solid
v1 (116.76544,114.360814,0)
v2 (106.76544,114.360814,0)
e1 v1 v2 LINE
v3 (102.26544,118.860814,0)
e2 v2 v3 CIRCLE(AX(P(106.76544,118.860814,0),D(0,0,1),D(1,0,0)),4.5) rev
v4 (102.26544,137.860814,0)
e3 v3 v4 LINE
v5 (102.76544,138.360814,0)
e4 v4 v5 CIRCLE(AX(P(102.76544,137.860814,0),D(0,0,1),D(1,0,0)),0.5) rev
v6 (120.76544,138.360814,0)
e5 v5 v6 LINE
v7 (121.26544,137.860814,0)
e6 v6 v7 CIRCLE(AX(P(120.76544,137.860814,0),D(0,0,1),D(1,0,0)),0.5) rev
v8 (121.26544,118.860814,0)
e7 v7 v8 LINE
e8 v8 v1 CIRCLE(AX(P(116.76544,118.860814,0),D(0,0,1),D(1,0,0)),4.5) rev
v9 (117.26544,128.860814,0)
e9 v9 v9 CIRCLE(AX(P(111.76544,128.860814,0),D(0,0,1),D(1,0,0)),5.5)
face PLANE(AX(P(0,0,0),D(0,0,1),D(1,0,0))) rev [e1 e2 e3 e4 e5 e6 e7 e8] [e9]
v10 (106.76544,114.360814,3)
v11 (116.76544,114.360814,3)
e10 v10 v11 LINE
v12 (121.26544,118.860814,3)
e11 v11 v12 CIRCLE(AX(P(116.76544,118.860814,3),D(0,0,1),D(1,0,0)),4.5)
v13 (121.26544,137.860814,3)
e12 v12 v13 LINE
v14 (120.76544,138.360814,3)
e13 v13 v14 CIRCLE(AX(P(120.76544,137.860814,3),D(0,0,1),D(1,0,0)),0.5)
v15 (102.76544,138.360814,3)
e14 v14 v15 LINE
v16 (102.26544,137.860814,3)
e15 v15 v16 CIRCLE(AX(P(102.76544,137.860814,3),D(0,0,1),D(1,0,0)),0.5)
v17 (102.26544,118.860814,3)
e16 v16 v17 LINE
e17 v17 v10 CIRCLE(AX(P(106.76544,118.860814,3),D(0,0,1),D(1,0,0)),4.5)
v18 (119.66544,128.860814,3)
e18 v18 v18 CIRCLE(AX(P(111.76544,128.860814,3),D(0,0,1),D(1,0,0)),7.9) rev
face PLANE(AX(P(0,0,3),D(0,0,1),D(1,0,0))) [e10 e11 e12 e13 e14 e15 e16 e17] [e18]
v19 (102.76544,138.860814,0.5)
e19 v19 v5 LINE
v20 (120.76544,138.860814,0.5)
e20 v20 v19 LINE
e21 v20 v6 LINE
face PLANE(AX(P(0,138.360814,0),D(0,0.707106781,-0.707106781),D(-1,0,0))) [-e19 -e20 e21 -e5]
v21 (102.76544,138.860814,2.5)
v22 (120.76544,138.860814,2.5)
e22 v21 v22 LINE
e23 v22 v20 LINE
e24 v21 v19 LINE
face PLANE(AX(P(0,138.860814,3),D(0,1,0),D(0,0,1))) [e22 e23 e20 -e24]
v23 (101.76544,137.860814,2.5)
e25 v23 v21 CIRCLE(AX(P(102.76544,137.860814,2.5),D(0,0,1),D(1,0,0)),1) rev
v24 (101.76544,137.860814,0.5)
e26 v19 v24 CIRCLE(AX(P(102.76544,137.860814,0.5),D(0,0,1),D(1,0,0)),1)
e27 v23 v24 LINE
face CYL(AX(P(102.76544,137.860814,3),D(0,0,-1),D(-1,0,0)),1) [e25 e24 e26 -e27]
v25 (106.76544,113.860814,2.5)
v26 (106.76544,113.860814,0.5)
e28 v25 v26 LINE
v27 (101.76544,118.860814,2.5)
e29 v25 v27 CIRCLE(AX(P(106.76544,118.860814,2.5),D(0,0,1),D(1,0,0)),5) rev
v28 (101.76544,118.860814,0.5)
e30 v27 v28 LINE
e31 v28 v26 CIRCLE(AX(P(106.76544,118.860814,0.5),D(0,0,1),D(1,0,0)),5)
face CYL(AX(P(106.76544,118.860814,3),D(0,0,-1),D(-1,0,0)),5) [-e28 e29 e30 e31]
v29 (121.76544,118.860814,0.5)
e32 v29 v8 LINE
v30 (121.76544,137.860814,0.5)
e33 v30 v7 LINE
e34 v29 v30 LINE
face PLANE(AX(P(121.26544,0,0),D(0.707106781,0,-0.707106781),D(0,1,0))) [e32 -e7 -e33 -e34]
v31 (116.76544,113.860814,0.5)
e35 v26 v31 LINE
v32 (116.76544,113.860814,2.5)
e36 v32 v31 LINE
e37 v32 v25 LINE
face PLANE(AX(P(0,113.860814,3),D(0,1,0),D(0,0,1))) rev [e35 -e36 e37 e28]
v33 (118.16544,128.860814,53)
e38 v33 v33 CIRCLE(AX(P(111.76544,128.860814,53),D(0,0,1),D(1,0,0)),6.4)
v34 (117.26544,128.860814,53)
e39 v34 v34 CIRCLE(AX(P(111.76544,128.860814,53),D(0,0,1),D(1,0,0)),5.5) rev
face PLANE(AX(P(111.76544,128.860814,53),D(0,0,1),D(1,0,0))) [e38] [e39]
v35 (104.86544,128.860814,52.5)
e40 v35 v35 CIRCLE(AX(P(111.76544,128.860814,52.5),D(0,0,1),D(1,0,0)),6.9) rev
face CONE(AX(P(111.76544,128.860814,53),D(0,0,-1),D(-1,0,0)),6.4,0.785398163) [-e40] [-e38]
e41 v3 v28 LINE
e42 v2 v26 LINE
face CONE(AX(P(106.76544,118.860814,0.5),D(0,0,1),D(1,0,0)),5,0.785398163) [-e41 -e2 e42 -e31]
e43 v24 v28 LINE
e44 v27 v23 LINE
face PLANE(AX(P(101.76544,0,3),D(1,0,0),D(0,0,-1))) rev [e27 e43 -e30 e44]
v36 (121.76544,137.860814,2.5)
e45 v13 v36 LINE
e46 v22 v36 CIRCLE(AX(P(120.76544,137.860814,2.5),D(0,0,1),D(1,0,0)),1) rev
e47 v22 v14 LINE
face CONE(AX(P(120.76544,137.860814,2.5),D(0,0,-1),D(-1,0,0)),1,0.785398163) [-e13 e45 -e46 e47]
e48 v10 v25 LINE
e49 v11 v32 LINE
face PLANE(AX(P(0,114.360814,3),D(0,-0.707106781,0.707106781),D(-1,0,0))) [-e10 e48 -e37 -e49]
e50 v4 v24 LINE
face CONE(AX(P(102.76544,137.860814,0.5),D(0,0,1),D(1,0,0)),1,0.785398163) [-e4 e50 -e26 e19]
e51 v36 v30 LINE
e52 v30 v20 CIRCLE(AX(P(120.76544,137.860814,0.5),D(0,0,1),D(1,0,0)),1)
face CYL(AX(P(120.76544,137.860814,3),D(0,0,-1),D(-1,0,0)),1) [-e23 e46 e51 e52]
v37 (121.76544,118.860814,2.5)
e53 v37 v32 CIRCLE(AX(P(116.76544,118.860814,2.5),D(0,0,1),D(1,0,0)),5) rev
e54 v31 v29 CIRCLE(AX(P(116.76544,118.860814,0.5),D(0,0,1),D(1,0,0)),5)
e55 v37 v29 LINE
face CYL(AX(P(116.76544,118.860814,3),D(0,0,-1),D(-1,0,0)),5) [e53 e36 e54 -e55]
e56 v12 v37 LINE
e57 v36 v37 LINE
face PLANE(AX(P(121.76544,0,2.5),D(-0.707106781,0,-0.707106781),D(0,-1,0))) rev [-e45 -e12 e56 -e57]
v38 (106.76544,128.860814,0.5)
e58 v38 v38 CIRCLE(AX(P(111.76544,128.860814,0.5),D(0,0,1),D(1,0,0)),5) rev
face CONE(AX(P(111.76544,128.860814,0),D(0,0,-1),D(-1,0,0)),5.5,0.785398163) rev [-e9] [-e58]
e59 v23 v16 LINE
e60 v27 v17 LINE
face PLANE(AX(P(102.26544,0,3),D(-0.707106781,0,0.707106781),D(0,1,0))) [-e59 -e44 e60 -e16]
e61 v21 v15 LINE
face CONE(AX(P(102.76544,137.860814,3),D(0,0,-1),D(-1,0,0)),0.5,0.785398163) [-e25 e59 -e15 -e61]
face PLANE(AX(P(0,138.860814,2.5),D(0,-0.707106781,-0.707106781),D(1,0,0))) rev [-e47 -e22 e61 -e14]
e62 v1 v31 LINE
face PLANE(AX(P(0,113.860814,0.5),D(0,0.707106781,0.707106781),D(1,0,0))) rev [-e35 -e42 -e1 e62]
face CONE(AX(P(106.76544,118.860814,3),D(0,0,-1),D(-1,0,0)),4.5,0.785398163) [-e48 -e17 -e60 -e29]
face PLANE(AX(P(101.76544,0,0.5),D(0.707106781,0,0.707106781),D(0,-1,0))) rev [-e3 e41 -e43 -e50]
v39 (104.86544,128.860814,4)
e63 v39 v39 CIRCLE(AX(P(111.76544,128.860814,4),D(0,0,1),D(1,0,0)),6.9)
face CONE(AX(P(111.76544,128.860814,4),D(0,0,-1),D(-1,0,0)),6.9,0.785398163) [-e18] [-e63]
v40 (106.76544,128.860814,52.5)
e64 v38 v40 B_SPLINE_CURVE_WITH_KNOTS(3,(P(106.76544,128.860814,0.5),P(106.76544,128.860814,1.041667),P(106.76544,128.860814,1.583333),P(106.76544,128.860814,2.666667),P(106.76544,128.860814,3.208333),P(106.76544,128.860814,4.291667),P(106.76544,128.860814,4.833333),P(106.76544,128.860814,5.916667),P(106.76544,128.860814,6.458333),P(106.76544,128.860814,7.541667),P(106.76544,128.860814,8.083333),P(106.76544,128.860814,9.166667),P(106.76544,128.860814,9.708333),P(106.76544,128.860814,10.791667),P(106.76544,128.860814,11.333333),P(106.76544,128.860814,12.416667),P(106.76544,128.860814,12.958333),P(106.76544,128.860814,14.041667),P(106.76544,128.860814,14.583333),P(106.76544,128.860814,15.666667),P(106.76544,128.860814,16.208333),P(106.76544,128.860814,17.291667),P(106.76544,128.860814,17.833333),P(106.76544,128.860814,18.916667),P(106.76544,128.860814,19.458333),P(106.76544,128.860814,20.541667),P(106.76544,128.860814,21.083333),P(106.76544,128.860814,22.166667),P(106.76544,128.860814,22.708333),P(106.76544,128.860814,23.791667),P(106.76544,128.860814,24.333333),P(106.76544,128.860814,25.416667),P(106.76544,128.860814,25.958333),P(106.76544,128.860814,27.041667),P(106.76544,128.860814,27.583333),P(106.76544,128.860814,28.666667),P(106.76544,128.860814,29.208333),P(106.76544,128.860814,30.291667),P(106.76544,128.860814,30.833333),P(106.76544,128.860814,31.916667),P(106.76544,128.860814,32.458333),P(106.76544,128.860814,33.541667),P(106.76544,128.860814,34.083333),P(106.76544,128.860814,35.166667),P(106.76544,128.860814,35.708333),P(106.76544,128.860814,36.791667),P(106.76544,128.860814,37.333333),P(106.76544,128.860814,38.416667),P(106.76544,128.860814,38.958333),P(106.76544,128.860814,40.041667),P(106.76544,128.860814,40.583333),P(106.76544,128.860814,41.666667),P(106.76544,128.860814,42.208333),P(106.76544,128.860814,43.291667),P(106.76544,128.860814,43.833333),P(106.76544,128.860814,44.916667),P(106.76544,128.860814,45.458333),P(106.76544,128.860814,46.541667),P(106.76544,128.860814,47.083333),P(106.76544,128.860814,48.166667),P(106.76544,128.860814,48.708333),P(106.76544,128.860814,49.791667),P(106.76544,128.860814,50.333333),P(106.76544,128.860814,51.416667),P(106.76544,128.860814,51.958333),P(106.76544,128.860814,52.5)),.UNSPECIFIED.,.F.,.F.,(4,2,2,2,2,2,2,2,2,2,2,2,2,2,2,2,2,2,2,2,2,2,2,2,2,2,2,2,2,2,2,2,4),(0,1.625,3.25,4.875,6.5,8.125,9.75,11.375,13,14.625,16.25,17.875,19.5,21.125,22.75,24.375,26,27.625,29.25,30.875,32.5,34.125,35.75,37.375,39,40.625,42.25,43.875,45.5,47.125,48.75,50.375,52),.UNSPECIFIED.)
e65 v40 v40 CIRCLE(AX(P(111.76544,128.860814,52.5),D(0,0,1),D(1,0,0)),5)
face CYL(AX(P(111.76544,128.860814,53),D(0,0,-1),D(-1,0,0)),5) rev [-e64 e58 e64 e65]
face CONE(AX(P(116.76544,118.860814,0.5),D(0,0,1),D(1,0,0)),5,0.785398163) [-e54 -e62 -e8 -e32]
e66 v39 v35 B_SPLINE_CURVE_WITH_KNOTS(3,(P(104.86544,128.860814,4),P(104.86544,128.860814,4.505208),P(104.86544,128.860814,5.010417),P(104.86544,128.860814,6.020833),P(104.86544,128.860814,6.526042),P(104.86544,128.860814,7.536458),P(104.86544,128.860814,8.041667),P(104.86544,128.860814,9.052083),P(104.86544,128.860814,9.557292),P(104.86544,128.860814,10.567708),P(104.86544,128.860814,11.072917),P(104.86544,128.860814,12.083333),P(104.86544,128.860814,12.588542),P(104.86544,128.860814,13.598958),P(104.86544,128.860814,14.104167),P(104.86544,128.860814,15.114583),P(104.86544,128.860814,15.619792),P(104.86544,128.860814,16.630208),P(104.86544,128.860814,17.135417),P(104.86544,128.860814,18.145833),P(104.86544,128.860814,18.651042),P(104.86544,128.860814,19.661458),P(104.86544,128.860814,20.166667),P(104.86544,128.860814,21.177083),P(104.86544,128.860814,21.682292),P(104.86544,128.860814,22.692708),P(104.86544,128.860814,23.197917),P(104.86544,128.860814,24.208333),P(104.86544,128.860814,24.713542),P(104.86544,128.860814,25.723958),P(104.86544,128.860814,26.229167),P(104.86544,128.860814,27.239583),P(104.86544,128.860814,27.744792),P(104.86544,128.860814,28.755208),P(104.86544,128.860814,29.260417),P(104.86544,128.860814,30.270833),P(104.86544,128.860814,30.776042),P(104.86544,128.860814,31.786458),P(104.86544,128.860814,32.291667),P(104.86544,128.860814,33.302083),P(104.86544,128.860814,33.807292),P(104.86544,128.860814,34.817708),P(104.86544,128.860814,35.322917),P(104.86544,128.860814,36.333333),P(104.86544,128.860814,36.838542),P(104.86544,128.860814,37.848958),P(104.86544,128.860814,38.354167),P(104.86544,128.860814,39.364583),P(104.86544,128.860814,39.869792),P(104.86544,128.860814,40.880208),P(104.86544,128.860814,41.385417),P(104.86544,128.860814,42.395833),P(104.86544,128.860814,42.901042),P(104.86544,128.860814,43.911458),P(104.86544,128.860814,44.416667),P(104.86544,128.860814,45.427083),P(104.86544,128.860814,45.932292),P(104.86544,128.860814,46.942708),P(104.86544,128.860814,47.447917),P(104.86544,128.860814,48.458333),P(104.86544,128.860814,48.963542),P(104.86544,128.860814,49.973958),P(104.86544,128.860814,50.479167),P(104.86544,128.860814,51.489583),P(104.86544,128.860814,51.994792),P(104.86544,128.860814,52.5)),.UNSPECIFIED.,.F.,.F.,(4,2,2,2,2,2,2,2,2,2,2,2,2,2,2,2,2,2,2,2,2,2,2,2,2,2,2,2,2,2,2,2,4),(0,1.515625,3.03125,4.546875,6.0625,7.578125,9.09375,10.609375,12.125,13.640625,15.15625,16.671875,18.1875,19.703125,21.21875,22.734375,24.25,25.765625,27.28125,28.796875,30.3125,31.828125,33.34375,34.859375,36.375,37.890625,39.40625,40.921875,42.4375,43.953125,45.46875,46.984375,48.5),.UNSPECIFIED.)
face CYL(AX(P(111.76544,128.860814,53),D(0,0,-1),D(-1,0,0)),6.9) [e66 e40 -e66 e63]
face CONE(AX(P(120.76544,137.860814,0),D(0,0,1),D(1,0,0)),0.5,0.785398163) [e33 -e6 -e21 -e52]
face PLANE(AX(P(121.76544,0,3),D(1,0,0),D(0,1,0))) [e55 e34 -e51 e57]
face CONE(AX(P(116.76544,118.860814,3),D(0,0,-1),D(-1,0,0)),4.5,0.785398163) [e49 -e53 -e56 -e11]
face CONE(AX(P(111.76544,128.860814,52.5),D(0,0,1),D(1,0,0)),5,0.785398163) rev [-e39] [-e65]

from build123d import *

# Parameters (mm, degrees)
SKETCH2_R           = 6.9
BOSS_EXTRUDE1_DEPTH = 3
SKETCH3_R           = 6.9
SKETCH3_R_2         = 5
BOSS_EXTRUDE2_DEPTH = 53
CHAMFER1_SIZE       = 0.5
CHAMFER2_SIZE       = 1


with BuildPart() as part:
    # Sketch2 → Boss-Extrude1 (new body)
    with BuildSketch(Plane.XY):
        with BuildLine():
            Line((102.765440341, 138.860814374), (120.765440341, 138.860814374))
            ThreePointArc((120.765440341, 138.860814374), (121.472547122, 138.567921155), (121.765440341, 137.860814374))
            Line((121.765440341, 137.860814374), (121.765440341, 118.860814374))
            ThreePointArc((121.765440341, 118.860814374), (120.300974247, 115.325280468), (116.765440341, 113.860814374))
            Line((116.765440341, 113.860814374), (106.765440341, 113.860814374))
            ThreePointArc((106.765440341, 113.860814374), (103.229906435, 115.325280468), (101.765440341, 118.860814374))
            Line((101.765440341, 118.860814374), (101.765440341, 137.860814374))
            ThreePointArc((101.765440341, 137.860814374), (102.058333559, 138.567921155), (102.765440341, 138.860814374))
        make_face()
        with Locations((111.765440341, 128.860814374)):
            Circle(SKETCH2_R, mode=Mode.SUBTRACT)
    extrude(amount=BOSS_EXTRUDE1_DEPTH)

    # Sketch3 → Boss-Extrude2 (add)
    with BuildSketch(Plane.XY):
        with Locations(Location((111.765440341, 128.860814374, 0), (0, 0, 180))):
            Circle(SKETCH3_R)
        with Locations(Location((111.765440341, 128.860814374, 0), (0, 0, 180))):
            Circle(SKETCH3_R_2, mode=Mode.SUBTRACT)
    extrude(amount=BOSS_EXTRUDE2_DEPTH)

    # Chamfer1
    chamfer1_edges = [part.edges().sort_by_distance(p)[0] for p in [
        (121.472547122, 138.567921155, 0),
        (121.765440341, 128.360814374, 0),
        (111.765440341, 138.860814374, 3),
        (120.300974247, 115.325280468, 0),
        (111.765440341, 113.860814374, 0),
        (103.229906435, 115.325280468, 0),
        (101.765440341, 128.360814374, 0),
        (102.058333559, 138.567921155, 0),
        (111.765440341, 138.860814374, 0),
        (102.058333559, 138.567921155, 3),
        (101.765440341, 128.360814374, 3),
        (103.229906435, 115.325280468, 3),
        (118.665440341, 128.860814374, 53),
        (116.765440341, 128.860814374, 0),
        (116.765440341, 128.860814374, 53),
        (111.765440341, 113.860814374, 3),
        (120.300974247, 115.325280468, 3),
        (121.765440341, 128.360814374, 3),
        (121.472547122, 138.567921155, 3),
    ]]
    chamfer(chamfer1_edges, length=CHAMFER1_SIZE)

    # Chamfer2
    chamfer2_edges = [part.edges().sort_by_distance(p)[0] for p in [
        (118.665440341, 128.860814374, 3),
    ]]
    chamfer(chamfer2_edges, length=CHAMFER2_SIZE)


solid = part.part
